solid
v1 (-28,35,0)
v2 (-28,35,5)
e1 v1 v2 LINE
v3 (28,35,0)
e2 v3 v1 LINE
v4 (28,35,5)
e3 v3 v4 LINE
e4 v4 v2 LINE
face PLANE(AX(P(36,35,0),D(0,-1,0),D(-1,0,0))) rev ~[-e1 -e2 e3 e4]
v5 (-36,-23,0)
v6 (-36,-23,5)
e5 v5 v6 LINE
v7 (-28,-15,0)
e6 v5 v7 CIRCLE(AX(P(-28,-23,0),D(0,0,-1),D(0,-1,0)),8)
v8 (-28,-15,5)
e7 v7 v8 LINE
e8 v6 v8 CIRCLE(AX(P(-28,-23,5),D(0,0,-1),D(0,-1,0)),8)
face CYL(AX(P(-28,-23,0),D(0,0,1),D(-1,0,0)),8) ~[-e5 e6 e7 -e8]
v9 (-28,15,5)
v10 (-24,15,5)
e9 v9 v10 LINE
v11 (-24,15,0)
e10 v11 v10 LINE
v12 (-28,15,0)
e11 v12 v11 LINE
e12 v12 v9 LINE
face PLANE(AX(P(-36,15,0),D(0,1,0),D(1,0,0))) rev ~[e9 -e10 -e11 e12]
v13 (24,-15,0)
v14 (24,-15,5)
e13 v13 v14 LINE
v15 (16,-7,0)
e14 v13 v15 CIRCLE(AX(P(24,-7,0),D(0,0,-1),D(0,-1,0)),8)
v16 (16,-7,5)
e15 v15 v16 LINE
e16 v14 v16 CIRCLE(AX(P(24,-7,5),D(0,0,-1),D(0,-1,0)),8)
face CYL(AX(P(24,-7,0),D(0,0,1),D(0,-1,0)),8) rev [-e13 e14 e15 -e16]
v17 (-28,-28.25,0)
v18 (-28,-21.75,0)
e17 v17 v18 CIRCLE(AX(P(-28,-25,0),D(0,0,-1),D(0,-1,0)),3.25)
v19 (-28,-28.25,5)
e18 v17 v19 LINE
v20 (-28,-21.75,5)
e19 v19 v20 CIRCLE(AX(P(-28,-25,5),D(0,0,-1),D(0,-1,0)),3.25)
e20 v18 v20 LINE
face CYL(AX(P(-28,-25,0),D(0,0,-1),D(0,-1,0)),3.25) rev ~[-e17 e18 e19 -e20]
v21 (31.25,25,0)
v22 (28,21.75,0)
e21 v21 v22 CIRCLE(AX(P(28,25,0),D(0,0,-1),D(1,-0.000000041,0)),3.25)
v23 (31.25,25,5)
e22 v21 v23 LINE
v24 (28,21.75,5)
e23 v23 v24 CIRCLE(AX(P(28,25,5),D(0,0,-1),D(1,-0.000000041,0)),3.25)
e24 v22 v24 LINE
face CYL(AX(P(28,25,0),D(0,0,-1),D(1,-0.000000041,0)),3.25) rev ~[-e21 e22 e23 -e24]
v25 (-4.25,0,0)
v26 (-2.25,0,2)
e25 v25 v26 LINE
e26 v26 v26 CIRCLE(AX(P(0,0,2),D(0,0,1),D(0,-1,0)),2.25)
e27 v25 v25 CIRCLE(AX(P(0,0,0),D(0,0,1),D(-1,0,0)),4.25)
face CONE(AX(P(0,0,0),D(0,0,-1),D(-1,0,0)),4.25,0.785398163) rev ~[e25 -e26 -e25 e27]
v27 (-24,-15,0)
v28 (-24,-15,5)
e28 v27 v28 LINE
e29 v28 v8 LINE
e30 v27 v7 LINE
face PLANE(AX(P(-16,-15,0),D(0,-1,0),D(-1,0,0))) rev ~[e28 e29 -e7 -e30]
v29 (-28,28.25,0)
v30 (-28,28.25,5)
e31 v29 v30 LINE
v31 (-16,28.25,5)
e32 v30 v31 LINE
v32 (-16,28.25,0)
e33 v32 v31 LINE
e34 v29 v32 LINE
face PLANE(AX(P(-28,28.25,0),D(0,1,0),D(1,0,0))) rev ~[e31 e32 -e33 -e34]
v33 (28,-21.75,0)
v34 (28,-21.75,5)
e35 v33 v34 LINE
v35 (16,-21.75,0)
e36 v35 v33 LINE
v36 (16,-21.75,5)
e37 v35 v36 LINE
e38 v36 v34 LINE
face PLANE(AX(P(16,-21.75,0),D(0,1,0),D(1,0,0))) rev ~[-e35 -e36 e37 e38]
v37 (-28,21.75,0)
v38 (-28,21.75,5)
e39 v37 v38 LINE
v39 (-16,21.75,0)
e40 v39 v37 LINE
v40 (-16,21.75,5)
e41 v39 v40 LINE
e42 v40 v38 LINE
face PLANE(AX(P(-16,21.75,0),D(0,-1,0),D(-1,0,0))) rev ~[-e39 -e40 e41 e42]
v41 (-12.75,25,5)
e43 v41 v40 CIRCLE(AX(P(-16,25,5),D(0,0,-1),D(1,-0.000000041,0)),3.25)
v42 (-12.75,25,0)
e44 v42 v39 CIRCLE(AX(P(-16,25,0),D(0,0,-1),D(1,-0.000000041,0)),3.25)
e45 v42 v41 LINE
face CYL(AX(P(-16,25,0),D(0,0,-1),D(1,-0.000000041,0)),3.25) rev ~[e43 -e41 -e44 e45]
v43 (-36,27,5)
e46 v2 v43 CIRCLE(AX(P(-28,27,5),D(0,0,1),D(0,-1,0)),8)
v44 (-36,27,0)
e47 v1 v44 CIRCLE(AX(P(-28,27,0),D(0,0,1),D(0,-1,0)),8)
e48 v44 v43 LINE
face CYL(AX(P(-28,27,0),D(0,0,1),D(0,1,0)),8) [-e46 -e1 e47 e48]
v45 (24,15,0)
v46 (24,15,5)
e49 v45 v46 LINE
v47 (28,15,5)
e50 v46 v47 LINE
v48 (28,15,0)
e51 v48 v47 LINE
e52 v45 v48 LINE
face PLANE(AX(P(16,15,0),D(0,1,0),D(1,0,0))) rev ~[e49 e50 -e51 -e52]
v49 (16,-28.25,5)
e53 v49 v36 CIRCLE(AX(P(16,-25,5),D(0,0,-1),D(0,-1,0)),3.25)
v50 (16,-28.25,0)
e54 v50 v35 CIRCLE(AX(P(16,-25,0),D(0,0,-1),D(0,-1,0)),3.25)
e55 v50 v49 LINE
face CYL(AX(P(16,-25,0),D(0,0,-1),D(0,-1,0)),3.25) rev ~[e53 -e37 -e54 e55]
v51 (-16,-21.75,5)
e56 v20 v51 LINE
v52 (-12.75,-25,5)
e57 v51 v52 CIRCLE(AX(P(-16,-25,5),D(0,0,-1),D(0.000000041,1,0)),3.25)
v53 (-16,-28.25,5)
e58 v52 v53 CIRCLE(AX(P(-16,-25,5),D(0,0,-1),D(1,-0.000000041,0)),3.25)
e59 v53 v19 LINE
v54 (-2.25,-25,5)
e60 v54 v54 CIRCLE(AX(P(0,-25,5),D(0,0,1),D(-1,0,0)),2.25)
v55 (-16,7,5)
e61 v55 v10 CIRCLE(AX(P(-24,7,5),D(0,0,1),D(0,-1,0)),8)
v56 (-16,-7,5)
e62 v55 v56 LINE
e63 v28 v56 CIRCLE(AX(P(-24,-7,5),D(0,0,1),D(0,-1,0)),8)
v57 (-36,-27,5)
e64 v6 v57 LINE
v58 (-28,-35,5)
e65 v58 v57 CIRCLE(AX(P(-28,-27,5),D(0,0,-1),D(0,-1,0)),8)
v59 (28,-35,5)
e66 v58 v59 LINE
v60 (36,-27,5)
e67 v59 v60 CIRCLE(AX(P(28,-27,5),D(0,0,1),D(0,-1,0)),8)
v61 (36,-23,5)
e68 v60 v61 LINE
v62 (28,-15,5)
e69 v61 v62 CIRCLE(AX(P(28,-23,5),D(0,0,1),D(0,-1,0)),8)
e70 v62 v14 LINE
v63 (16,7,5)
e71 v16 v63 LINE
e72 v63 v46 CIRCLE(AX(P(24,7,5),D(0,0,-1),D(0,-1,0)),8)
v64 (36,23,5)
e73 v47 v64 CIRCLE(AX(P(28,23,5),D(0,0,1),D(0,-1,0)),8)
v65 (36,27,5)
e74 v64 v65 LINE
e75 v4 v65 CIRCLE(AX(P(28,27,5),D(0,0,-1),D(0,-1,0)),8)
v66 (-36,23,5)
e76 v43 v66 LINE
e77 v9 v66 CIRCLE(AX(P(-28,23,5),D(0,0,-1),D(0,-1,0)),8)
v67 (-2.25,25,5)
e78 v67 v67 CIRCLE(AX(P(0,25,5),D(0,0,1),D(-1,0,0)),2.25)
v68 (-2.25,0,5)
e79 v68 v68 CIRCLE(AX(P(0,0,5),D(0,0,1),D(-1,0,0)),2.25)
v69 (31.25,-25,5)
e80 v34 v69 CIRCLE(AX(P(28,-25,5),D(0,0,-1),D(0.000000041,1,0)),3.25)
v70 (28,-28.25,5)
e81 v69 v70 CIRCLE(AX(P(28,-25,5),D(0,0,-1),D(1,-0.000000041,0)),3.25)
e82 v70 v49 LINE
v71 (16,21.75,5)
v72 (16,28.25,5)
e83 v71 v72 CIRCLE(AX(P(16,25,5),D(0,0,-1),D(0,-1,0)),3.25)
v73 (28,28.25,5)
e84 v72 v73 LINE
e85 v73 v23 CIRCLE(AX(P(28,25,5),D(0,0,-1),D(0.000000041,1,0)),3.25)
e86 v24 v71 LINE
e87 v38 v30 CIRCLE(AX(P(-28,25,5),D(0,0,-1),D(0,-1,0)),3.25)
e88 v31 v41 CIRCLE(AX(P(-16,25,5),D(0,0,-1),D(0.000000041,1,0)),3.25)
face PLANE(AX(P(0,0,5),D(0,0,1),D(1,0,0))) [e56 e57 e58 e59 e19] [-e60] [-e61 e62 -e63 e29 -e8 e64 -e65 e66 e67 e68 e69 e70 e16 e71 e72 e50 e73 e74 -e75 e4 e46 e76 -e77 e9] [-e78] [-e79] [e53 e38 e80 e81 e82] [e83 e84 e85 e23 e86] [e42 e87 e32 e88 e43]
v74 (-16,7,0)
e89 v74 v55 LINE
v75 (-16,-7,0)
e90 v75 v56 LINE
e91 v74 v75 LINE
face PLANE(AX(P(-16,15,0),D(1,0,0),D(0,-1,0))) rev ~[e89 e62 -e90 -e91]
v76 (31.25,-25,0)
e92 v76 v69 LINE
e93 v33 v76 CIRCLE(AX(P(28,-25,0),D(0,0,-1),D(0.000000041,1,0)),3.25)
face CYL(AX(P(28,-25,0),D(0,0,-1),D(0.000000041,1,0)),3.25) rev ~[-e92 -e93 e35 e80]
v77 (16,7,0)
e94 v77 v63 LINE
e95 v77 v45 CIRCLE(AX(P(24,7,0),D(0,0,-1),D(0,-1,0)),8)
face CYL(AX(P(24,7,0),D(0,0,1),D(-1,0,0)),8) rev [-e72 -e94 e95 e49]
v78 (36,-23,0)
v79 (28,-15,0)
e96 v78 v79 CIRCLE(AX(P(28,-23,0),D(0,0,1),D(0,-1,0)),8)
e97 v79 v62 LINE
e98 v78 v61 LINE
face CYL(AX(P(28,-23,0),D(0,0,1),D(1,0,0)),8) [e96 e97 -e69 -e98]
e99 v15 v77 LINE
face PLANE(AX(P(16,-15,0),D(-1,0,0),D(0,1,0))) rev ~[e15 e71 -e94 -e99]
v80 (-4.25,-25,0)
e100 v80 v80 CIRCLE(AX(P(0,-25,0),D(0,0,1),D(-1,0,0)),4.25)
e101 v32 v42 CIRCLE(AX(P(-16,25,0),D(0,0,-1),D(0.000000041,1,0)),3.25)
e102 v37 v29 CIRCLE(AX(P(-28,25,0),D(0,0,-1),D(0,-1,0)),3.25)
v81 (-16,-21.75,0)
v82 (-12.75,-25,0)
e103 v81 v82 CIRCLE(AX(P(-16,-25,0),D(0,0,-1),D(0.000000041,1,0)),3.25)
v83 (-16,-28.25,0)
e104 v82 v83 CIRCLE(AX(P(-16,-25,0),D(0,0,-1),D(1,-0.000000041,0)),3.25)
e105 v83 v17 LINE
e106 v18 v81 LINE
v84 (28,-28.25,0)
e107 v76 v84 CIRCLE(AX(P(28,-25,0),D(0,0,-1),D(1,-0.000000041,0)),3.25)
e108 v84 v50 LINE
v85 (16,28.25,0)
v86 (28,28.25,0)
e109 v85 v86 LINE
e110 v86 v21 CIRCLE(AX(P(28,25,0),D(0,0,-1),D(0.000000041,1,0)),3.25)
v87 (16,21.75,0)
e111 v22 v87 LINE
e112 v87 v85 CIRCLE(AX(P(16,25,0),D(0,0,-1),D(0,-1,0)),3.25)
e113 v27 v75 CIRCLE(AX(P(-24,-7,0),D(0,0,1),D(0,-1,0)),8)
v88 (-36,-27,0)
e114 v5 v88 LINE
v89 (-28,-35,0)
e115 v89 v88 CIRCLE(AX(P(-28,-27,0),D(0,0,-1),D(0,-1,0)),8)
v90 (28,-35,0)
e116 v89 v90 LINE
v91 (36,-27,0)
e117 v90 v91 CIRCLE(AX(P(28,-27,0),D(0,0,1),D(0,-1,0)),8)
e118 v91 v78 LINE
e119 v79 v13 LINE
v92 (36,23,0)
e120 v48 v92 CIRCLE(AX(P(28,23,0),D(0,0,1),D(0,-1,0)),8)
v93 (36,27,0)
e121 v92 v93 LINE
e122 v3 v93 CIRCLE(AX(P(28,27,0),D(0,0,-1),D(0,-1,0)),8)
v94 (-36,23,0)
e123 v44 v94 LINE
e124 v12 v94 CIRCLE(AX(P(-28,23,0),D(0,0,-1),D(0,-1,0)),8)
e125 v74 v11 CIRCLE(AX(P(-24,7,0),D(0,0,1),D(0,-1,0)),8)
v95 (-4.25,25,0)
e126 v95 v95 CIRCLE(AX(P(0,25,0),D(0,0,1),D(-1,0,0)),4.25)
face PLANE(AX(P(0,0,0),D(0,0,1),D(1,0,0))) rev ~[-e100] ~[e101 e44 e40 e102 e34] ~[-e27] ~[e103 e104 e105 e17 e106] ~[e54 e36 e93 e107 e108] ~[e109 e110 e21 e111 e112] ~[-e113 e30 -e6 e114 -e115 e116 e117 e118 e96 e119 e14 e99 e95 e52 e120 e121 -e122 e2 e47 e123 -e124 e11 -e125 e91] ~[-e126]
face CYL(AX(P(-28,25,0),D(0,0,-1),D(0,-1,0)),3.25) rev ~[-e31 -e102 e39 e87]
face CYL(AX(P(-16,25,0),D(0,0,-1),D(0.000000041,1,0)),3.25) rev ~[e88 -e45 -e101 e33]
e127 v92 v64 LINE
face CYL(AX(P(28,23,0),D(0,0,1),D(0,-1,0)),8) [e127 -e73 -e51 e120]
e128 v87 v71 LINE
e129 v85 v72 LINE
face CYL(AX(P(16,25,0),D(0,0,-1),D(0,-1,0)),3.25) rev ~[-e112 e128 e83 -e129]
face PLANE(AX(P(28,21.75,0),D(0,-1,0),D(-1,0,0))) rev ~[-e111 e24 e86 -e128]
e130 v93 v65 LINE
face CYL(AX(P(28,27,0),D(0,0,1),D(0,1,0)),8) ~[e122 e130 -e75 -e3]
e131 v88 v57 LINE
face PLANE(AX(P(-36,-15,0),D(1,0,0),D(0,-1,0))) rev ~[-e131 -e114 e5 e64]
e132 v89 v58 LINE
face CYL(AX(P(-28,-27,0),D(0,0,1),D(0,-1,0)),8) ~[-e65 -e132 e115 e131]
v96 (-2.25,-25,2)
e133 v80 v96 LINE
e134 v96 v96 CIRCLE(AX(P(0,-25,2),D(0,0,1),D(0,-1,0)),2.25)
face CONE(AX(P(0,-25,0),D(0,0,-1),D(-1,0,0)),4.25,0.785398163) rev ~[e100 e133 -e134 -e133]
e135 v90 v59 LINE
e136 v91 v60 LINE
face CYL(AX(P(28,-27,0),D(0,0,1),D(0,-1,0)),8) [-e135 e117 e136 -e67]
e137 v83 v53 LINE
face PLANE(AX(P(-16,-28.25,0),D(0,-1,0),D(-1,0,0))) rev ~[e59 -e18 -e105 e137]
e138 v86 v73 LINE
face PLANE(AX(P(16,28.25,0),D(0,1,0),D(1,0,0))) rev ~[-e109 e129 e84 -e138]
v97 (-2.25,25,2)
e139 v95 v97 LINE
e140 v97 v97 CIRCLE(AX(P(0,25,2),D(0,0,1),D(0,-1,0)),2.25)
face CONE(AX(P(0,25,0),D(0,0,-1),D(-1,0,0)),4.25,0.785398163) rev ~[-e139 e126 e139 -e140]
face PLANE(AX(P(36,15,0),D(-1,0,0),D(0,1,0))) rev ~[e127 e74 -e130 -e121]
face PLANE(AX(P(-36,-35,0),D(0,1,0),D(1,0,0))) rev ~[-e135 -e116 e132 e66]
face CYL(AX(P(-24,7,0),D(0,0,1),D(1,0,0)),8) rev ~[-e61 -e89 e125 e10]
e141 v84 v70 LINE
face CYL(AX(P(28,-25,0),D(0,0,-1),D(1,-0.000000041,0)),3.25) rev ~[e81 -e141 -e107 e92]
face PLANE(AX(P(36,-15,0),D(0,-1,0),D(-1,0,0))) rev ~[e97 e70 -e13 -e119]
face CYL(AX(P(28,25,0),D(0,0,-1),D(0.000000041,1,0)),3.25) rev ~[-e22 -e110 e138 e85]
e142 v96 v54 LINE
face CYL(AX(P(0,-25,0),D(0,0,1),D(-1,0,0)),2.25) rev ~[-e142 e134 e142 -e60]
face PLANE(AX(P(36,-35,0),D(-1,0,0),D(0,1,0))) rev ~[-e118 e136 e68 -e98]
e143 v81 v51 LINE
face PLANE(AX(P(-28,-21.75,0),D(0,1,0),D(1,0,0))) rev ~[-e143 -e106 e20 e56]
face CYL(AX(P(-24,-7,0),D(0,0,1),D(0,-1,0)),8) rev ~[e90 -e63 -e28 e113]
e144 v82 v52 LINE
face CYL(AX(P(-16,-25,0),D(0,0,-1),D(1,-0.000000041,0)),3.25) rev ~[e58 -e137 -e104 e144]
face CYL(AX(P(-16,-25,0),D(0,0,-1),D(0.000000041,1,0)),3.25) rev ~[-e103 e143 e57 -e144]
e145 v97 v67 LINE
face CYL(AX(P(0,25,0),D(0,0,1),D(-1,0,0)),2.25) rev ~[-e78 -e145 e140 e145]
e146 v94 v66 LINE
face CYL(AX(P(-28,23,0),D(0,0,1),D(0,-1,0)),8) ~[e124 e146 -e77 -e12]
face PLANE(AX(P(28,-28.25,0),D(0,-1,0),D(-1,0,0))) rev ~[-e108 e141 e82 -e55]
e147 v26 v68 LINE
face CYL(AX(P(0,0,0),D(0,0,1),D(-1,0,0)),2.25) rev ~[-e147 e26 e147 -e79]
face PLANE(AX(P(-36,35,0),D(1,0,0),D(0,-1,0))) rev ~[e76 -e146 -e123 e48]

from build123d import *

# Parameters (mm, degrees)
F2_DEPTH       = 5
F3_D           = 4.5
F3_CSINK_D     = 8.5
F3_CSINK_ANGLE = 90
F4_R           = 8


with BuildPart() as f2:
    # F1 (on Top) → F2 (new body)
    with BuildSketch(Plane.XY):
        Polygon((36, 35), (-36, 35), (-36, 15), (-16, 15), (-16, -15), (-36, -15), (-36, -35), (36, -35), (36, -15), (16, -15), (16, 15), (36, 15), align=None)
        with BuildLine():
            ThreePointArc((-16, -21.75), (-13.701903, -22.701903), (-12.75, -25))
            ThreePointArc((-12.75, -25), (-13.701903, -27.298097), (-16, -28.25))
            Line((-16, -28.25), (-28, -28.25))
            ThreePointArc((-28, -28.25), (-31.25, -25), (-28, -21.75))
            Line((-28, -21.75), (-16, -21.75))
        make_face(mode=Mode.SUBTRACT)
        with BuildLine():
            ThreePointArc((16, -28.25), (12.75, -25), (16, -21.75))
            Line((16, -21.75), (28, -21.75))
            ThreePointArc((28, -21.75), (30.298097, -22.701903), (31.25, -25))
            ThreePointArc((31.25, -25), (30.298097, -27.298097), (28, -28.25))
            Line((28, -28.25), (16, -28.25))
        make_face(mode=Mode.SUBTRACT)
        with BuildLine():
            ThreePointArc((-16, 28.25), (-13.701903, 27.298097), (-12.75, 25))
            ThreePointArc((-12.75, 25), (-13.701903, 22.701903), (-16, 21.75))
            Line((-16, 21.75), (-28, 21.75))
            ThreePointArc((-28, 21.75), (-31.25, 25), (-28, 28.25))
            Line((-28, 28.25), (-16, 28.25))
        make_face(mode=Mode.SUBTRACT)
        with BuildLine():
            ThreePointArc((16, 21.75), (12.75, 25), (16, 28.25))
            Line((16, 28.25), (28, 28.25))
            ThreePointArc((28, 28.25), (30.298097, 27.298097), (31.25, 25))
            ThreePointArc((31.25, 25), (30.298097, 22.701903), (28, 21.75))
            Line((28, 21.75), (16, 21.75))
        make_face(mode=Mode.SUBTRACT)
    extrude(amount=F2_DEPTH)

    # F3 (through all)
    with Locations(Plane(origin=(0, 0, 0), x_dir=(1, 0, 0), z_dir=(0, 0, -1))):
        with Locations((0, 25), (0, 0), (0, -25)):
            CounterSinkHole(F3_D / 2, F3_CSINK_D / 2, counter_sink_angle=F3_CSINK_ANGLE)

    # F4
    f4_edges = [f2.edges().sort_by_distance(p)[0] for p in [
        (-36, 35, 2.5),
        (-36, -15, 2.5),
        (-36, -35, 2.5),
        (36, -15, 2.5),
        (36, -35, 2.5),
        (36, 15, 2.5),
        (36, 35, 2.5),
        (-16, -15, 2.5),
        (-16, 15, 2.5),
        (16, 15, 2.5),
        (16, -15, 2.5),
        (-36, 15, 2.5),
    ]]
    fillet(f4_edges, radius=F4_R)


solid = f2.part
